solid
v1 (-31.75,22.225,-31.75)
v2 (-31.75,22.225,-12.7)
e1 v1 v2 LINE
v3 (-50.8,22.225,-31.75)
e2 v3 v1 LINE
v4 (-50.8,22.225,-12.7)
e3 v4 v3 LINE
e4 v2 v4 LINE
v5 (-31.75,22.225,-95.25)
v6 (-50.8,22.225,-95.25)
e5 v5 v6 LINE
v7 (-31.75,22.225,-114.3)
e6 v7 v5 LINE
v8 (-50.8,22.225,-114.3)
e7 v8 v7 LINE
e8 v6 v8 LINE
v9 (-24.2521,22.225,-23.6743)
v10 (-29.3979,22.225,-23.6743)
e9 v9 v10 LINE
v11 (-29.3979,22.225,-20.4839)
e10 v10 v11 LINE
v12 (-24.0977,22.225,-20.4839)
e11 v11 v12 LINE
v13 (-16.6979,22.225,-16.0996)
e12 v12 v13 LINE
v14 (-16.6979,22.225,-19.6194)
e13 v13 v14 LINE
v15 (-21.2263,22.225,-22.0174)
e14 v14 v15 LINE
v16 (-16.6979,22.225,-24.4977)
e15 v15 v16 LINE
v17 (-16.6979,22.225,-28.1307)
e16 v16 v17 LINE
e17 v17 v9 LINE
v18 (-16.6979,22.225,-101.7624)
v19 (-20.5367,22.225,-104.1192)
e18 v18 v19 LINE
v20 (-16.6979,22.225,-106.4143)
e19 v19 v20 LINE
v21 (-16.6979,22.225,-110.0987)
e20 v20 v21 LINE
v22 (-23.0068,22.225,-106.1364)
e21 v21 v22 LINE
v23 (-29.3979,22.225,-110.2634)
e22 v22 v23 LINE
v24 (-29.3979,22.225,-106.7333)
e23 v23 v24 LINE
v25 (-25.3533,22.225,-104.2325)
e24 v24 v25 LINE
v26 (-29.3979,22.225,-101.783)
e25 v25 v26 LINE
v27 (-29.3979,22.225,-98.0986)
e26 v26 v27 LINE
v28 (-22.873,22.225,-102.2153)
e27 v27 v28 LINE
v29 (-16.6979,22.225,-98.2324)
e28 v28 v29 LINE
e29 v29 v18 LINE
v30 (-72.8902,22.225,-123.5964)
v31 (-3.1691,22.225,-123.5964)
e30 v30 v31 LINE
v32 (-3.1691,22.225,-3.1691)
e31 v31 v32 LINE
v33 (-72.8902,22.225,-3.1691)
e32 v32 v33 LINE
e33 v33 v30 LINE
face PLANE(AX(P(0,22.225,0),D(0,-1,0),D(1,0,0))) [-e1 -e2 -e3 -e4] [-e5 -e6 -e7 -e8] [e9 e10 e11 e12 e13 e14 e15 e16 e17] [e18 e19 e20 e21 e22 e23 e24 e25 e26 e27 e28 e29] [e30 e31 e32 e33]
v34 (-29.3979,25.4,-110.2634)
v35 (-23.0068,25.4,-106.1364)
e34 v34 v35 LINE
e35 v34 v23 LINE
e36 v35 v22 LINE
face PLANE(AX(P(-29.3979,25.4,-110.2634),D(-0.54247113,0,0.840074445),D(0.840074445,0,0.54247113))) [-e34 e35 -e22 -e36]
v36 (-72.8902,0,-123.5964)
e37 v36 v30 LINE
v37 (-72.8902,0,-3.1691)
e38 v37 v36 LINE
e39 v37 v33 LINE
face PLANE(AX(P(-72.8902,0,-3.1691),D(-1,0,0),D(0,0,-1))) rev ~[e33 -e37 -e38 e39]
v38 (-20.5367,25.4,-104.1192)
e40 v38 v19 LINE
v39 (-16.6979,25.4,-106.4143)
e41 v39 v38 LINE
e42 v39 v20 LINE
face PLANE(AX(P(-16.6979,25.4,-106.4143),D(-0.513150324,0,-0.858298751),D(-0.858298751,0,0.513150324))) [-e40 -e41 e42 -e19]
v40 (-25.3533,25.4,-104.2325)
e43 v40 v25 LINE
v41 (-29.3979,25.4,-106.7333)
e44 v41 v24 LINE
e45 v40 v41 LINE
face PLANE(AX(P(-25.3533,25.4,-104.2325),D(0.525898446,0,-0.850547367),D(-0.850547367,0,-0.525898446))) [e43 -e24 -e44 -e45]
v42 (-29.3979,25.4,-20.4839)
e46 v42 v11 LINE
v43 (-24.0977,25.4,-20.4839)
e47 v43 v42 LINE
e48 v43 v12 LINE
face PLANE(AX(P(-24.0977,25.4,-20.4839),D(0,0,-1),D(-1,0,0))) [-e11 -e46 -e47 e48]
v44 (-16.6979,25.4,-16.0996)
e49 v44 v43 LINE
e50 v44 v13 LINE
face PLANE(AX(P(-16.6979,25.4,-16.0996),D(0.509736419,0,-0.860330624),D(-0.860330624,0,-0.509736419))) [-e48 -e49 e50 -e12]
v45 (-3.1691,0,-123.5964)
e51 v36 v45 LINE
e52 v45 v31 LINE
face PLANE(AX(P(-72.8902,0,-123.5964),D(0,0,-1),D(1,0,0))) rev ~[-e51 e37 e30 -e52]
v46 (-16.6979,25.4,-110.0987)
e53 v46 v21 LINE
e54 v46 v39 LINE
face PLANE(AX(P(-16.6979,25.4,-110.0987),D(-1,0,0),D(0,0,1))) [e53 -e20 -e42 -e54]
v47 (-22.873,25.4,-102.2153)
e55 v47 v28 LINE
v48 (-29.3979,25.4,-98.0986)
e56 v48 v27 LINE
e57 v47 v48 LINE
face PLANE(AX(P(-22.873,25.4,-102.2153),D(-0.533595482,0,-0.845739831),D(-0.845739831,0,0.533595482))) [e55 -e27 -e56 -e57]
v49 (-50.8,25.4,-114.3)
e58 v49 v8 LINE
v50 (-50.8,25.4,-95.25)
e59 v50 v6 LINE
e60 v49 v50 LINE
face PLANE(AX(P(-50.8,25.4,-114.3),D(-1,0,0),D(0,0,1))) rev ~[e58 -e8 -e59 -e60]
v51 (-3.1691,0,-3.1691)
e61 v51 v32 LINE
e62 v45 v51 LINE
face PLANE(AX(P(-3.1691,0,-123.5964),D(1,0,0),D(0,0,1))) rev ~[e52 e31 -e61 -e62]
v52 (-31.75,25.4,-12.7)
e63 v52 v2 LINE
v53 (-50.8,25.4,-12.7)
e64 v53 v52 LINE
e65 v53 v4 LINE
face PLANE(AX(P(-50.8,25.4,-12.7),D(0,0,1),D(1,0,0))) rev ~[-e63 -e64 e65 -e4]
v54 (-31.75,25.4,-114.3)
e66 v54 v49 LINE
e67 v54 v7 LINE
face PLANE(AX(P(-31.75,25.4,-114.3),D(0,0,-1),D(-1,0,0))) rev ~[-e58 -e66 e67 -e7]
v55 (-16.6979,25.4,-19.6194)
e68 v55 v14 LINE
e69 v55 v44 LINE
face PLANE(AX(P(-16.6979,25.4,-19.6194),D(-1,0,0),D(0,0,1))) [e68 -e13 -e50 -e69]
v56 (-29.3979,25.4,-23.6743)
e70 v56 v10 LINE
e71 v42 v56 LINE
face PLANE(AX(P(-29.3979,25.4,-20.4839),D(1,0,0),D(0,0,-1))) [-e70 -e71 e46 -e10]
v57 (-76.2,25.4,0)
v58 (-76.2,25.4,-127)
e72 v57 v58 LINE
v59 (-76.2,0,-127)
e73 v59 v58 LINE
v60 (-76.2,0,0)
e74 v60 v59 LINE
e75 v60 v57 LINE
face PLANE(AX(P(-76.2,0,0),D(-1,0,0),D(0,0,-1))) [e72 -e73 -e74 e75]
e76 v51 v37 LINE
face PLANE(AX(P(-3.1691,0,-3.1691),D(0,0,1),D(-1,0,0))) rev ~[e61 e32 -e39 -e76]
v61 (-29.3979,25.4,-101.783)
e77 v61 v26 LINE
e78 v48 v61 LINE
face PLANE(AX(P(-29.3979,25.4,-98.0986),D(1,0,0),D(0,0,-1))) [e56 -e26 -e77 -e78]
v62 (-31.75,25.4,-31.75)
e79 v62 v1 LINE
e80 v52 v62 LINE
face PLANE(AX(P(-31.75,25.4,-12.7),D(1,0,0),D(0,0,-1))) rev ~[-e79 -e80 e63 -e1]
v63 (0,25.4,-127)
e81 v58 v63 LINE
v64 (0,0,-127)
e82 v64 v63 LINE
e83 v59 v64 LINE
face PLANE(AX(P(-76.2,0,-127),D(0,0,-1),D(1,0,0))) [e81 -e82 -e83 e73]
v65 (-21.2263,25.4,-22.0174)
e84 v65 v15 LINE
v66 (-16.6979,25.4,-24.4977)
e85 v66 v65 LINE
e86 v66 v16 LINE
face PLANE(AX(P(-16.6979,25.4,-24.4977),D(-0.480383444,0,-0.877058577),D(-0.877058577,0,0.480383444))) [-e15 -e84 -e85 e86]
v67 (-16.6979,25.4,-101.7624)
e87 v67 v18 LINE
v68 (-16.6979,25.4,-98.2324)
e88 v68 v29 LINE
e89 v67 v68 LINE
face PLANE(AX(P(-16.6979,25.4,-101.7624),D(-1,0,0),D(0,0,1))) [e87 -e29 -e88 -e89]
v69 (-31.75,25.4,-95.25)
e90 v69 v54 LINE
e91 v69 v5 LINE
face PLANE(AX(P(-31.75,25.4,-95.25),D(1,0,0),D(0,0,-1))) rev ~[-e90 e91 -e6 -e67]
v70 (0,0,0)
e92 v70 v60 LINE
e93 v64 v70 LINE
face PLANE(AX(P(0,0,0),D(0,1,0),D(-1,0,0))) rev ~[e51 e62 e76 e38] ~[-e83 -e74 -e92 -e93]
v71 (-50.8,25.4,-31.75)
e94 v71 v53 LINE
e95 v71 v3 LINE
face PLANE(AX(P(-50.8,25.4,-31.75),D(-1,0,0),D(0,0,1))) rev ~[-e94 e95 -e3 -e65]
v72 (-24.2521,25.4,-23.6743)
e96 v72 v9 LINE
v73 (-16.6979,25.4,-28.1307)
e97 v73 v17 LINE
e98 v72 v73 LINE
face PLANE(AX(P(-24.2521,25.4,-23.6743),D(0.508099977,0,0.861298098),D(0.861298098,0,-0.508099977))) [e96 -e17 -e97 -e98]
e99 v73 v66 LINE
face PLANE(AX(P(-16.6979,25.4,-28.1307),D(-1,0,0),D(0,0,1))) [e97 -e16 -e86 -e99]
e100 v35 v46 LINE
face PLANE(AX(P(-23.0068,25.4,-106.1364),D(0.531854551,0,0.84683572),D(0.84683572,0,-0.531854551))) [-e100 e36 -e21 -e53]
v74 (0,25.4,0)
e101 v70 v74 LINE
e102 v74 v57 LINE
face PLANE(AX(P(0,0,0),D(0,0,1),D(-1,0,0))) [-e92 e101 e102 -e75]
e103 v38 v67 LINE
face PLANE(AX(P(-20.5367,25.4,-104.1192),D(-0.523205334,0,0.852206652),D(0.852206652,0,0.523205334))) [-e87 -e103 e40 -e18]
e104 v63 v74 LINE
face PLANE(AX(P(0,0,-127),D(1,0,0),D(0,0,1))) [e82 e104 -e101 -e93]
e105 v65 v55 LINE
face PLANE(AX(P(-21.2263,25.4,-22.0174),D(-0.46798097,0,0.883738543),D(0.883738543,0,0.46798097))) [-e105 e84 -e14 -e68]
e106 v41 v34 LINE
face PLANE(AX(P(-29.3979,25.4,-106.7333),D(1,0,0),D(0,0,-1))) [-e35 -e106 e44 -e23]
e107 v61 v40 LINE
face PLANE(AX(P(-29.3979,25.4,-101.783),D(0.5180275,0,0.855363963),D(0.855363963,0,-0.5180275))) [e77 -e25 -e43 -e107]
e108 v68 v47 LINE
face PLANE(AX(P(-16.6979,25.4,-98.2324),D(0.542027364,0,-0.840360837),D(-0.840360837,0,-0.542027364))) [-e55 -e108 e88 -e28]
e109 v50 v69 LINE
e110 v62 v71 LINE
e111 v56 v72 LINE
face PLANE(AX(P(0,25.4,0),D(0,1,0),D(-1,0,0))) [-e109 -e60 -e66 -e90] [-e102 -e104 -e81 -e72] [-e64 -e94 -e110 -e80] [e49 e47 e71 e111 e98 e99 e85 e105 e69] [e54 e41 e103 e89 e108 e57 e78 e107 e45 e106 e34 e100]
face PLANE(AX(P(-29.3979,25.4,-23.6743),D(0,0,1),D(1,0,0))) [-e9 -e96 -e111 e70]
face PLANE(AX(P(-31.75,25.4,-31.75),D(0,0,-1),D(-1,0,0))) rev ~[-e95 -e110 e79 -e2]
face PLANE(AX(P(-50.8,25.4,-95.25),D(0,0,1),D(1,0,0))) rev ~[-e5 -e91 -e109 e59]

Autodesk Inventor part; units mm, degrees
ref_plane "YZ Plane" through (0, 0, 0) normal (1, 0, 0) x (0, 1, 0)
ref_plane "XZ Plane" through (0, 0, 0) normal (0, 1, 0) x (-1, 0, 0)
ref_plane "XY Plane" through (0, 0, 0) normal (0, 0, 1) x (1, 0, 0)
sketch "Sketch1" plane through (0, 0, 0) normal (0, 1, 0) x (-1, 0, 0)
  line L0 (0, 0) -> (76.2, 0)
  line L1 (76.2, 0) -> (76.2, -127)
  line L2 (76.2, -127) -> (0, -127)
  line L3 (0, -127) -> (0, 0)
  dimension "d0" = 76.2
  dimension "d1" = 127
extrude "Extrusion1" add sketch "Sketch1" along normal blind 25.4
sketch "Sketch2" plane through (0, 0, 0) normal (0, -1, 0) x (1, 0, 0)
  line L0 (-3.1691, -3.1691) -> (-72.8902, -3.1691)
  line L1 (-72.8902, -3.1691) -> (-72.8902, -123.5964)
  line L2 (-72.8902, -123.5964) -> (-3.1691, -123.5964)
  line L3 (-3.1691, -123.5964) -> (-3.1691, -3.1691)
  point P0 (0, 0)
extrude "Extrusion2" cut sketch "Sketch2" against normal blind 22.225
sketch "Sketch3" plane through (0, 25.4, 0) normal (0, 1, 0) x (1, 0, 0)
  line L0 (-50.8, 12.7) -> (-31.75, 12.7)
  line L1 (-31.75, 12.7) -> (-31.75, 31.75)
  line L2 (-31.75, 31.75) -> (-50.8, 31.75)
  line L3 (-50.8, 31.75) -> (-50.8, 12.7)
  line L4 (-50.8, 95.25) -> (-31.75, 95.25)
  line L5 (-31.75, 95.25) -> (-31.75, 114.3)
  line L6 (-31.75, 114.3) -> (-50.8, 114.3)
  line L7 (-50.8, 114.3) -> (-50.8, 95.25)
  line L8 (-76.2, 127) -> (-76.2, 0) projected
  line L9 (-76.2, 0) -> (0, 0) projected
  line L10 (0, 127) -> (-76.2, 127) projected
  dimension "d6" = 19.05
  dimension "d7" = 19.05
  dimension "d8" = 25.4
  dimension "d9" = 25.4
  dimension "d10" = 19.05
  dimension "d11" = 19.05
  dimension "d12" = 12.7
  dimension "d13" = 12.7
extrude "Extrusion3" cut sketch "Sketch3" against normal blind 22.225
sketch "Sketch4" plane through (0, 25.4, 0) normal (0, 1, 0) x (1, 0, 0)
  line L0 (-13.7708, 110.3112) -> (-13.7708, 97.845) construction
  line L1 (-13.7708, 97.845) -> (-32.3251, 97.845) construction
  line L2 (-32.3251, 97.845) -> (-32.3251, 110.3112) construction
  line L3 (-32.3251, 110.3112) -> (-13.7708, 110.3112) construction
  line L4 (-12.0313, 30.7306) -> (-12.0313, 13.191) construction
  line L5 (-12.0313, 13.191) -> (-34.0646, 13.191) construction
  line L6 (-34.0646, 13.191) -> (-34.0646, 30.7306) construction
  line L7 (-34.0646, 30.7306) -> (-12.0313, 30.7306) construction
  line L8 (-29.3979, 98.0986) -> (-29.3979, 101.783)
  line L9 (-29.3979, 101.783) -> (-25.3533, 104.2325)
  line L10 (-25.3533, 104.2325) -> (-29.3979, 106.7333)
  line L11 (-29.3979, 106.7333) -> (-29.3979, 110.2634)
  line L12 (-29.3979, 110.2634) -> (-23.0068, 106.1364)
  line L13 (-23.0068, 106.1364) -> (-16.6979, 110.0987)
  line L14 (-16.6979, 110.0987) -> (-16.6979, 106.4143)
  line L15 (-16.6979, 106.4143) -> (-20.5367, 104.1192)
  line L16 (-20.5367, 104.1192) -> (-16.6979, 101.7624)
  line L17 (-16.6979, 101.7624) -> (-16.6979, 98.2324)
  line L18 (-16.6979, 98.2324) -> (-22.873, 102.2153)
  line L19 (-22.873, 102.2153) -> (-29.3979, 98.0986)
  line L20 (-16.6979, 16.0996) -> (-24.0977, 20.4839)
  line L21 (-24.0977, 20.4839) -> (-29.3979, 20.4839)
  line L22 (-29.3979, 20.4839) -> (-29.3979, 23.6743)
  line L23 (-29.3979, 23.6743) -> (-24.2521, 23.6743)
  line L24 (-24.2521, 23.6743) -> (-16.6979, 28.1307)
  line L25 (-16.6979, 28.1307) -> (-16.6979, 24.4977)
  line L26 (-16.6979, 24.4977) -> (-21.2263, 22.0174)
  line L27 (-21.2263, 22.0174) -> (-16.6979, 19.6194)
  line L28 (-16.6979, 19.6194) -> (-16.6979, 16.0996)
  point P0 (0, 0)
extrude "Extrusion4" cut sketch "Sketch4" against normal blind 25.4
properties part number "gamebox"
